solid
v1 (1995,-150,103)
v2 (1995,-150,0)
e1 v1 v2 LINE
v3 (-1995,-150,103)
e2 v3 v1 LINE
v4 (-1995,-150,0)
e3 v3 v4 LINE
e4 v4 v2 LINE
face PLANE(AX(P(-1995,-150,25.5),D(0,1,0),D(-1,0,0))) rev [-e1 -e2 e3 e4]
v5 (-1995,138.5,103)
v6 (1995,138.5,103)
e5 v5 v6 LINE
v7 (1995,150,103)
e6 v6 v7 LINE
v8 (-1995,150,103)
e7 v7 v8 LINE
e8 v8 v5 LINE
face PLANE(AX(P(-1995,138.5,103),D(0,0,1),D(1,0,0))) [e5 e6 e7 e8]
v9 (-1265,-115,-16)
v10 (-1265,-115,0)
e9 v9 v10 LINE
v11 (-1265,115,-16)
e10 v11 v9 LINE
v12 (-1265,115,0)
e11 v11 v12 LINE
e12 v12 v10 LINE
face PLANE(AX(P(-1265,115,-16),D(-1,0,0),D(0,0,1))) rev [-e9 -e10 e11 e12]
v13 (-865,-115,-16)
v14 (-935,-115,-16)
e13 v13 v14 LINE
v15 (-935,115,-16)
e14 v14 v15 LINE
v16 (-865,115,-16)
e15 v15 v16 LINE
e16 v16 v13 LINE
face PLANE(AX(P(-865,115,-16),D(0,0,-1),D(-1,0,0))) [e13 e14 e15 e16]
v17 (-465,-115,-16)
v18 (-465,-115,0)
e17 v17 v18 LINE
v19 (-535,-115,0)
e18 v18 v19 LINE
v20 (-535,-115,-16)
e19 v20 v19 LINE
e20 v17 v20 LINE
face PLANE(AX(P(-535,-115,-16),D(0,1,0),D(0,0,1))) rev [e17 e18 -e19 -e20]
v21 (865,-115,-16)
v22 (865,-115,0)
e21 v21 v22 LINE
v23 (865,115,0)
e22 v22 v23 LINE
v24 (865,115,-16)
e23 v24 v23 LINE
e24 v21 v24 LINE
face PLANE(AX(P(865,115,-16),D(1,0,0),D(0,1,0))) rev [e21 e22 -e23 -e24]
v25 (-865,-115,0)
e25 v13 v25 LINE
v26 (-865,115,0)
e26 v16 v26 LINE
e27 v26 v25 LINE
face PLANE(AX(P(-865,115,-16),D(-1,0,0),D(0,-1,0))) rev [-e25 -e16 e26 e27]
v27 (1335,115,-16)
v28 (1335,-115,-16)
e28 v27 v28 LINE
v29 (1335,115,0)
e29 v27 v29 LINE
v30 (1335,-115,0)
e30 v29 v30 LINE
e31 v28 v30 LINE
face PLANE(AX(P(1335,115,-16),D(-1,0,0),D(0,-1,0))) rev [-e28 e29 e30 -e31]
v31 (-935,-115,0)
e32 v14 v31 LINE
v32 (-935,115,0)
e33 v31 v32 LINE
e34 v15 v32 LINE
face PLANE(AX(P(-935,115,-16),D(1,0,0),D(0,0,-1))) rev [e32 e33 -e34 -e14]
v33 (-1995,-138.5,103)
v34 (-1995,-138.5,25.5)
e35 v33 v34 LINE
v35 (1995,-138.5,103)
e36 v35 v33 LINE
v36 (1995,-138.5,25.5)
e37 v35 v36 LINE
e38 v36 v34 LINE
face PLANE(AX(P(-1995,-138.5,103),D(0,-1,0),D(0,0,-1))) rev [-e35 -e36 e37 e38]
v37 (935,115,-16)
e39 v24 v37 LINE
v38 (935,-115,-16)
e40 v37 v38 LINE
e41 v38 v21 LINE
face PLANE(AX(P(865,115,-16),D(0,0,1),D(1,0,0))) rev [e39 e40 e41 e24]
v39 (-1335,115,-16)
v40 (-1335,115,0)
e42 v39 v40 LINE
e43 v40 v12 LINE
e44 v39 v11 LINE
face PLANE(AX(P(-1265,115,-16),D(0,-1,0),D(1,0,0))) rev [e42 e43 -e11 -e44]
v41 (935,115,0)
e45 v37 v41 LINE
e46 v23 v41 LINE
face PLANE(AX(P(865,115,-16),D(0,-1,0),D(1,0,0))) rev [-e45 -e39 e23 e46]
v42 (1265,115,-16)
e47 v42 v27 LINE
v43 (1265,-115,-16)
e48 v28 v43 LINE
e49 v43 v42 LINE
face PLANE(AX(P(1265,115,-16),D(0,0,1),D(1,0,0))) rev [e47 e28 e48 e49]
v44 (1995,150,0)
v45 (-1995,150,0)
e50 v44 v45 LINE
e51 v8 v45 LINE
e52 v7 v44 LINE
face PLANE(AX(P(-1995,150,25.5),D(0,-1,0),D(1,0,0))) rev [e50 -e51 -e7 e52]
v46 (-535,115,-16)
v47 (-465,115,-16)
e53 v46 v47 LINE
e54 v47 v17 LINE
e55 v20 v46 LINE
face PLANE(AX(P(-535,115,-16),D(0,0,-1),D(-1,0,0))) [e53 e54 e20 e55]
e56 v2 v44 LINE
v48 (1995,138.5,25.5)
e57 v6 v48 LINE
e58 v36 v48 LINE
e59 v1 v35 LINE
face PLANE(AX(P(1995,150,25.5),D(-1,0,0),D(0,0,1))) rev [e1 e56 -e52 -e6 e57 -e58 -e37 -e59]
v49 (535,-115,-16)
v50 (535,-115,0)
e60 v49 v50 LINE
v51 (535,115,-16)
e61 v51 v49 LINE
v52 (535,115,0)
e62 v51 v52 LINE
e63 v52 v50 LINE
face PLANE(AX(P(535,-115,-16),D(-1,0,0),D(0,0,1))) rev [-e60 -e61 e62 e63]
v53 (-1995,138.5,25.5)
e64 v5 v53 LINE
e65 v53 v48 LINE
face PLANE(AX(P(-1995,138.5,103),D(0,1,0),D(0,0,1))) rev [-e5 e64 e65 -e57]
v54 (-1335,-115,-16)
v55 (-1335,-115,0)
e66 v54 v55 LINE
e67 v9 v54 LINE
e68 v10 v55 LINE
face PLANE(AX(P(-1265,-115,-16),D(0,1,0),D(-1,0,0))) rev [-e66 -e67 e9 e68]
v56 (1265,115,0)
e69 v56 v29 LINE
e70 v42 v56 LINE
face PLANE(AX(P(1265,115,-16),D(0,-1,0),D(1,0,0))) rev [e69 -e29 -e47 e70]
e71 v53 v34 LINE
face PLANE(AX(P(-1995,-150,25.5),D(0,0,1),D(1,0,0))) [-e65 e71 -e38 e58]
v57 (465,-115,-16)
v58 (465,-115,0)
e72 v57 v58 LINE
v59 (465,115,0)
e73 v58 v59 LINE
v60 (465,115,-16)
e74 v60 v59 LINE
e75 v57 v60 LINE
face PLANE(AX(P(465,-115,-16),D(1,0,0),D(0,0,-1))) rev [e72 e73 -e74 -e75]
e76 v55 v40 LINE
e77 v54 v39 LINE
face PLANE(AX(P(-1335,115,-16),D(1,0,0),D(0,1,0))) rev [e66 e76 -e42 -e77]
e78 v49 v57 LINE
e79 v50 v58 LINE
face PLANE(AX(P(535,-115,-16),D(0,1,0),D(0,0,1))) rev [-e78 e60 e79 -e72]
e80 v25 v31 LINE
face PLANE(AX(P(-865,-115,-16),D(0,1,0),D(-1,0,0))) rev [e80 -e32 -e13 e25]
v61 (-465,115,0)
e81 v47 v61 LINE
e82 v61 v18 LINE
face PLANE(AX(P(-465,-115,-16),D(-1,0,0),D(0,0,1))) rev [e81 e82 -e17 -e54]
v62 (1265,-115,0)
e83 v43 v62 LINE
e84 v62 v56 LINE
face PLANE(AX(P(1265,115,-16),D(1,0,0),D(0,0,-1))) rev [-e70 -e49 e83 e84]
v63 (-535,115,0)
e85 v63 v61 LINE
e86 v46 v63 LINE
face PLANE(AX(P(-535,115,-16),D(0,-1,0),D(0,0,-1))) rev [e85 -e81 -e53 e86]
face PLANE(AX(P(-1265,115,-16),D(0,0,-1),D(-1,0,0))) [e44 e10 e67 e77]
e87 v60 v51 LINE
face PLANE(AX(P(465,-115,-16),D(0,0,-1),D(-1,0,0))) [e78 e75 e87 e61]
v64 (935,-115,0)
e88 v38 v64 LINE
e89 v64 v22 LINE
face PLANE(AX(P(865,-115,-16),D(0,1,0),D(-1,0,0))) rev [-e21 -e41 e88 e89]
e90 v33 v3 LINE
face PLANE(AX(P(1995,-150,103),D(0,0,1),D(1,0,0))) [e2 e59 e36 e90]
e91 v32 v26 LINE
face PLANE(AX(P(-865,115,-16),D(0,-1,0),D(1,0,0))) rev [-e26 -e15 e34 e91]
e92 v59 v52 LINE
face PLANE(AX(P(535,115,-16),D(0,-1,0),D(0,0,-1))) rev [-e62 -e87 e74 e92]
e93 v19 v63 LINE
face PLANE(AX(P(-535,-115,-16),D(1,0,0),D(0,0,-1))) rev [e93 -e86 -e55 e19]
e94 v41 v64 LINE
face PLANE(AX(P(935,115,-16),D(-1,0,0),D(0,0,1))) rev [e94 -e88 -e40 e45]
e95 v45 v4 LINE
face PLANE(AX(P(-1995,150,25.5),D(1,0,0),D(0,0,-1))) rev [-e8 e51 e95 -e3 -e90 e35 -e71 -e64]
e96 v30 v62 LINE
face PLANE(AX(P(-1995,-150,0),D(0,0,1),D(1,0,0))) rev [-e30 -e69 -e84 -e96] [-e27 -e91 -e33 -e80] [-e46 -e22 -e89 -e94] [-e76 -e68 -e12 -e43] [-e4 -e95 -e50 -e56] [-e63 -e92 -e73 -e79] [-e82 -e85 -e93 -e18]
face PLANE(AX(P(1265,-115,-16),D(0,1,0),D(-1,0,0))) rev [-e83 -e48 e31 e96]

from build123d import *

# Parameters (mm, degrees)
SKETCH_1_W         = 3990
SKETCH_1_H         = 300
EXTRUDE_1314_DEPTH = 25.5
SKETCH_2_W         = 3990
SKETCH_2_H         = 11.5
EXTRUDE_1_DEPTH    = 77.5
SKETCH_3_W         = 70
SKETCH_3_H         = 230
EXTRUDE_2_DEPTH    = 16


with BuildPart() as part:
    # 草图1 → Extrude 1314 (new body)
    with BuildSketch(Plane.XY):
        Rectangle(SKETCH_1_W, SKETCH_1_H)
    extrude(amount=EXTRUDE_1314_DEPTH)

    # 草图2 → 凸台-拉伸1 (add)
    with BuildSketch(Plane.XY.offset(25.5)):
        with Locations((0, 144.25)):
            Rectangle(SKETCH_2_W, SKETCH_2_H)
        with Locations((0, -144.25)):
            Rectangle(SKETCH_2_W, SKETCH_2_H)
    extrude(amount=EXTRUDE_1_DEPTH)

    # 草图3 → 凸台-拉伸2 (add)
    with BuildSketch(Plane(origin=(0, 0, 0), x_dir=(-1, 0, 0), z_dir=(0, 0, -1))):
        with Locations((1300, 0)):
            Rectangle(SKETCH_3_W, SKETCH_3_H)
        with Locations((900, 0)):
            Rectangle(SKETCH_3_W, SKETCH_3_H)
        with Locations((-1300, 0)):
            Rectangle(SKETCH_3_W, SKETCH_3_H)
        with Locations((500, 0)):
            Rectangle(SKETCH_3_W, SKETCH_3_H)
        with Locations((-900, 0)):
            Rectangle(SKETCH_3_W, SKETCH_3_H)
        with Locations((-500, 0)):
            Rectangle(SKETCH_3_W, SKETCH_3_H)
    extrude(amount=EXTRUDE_2_DEPTH)


solid = part.part
